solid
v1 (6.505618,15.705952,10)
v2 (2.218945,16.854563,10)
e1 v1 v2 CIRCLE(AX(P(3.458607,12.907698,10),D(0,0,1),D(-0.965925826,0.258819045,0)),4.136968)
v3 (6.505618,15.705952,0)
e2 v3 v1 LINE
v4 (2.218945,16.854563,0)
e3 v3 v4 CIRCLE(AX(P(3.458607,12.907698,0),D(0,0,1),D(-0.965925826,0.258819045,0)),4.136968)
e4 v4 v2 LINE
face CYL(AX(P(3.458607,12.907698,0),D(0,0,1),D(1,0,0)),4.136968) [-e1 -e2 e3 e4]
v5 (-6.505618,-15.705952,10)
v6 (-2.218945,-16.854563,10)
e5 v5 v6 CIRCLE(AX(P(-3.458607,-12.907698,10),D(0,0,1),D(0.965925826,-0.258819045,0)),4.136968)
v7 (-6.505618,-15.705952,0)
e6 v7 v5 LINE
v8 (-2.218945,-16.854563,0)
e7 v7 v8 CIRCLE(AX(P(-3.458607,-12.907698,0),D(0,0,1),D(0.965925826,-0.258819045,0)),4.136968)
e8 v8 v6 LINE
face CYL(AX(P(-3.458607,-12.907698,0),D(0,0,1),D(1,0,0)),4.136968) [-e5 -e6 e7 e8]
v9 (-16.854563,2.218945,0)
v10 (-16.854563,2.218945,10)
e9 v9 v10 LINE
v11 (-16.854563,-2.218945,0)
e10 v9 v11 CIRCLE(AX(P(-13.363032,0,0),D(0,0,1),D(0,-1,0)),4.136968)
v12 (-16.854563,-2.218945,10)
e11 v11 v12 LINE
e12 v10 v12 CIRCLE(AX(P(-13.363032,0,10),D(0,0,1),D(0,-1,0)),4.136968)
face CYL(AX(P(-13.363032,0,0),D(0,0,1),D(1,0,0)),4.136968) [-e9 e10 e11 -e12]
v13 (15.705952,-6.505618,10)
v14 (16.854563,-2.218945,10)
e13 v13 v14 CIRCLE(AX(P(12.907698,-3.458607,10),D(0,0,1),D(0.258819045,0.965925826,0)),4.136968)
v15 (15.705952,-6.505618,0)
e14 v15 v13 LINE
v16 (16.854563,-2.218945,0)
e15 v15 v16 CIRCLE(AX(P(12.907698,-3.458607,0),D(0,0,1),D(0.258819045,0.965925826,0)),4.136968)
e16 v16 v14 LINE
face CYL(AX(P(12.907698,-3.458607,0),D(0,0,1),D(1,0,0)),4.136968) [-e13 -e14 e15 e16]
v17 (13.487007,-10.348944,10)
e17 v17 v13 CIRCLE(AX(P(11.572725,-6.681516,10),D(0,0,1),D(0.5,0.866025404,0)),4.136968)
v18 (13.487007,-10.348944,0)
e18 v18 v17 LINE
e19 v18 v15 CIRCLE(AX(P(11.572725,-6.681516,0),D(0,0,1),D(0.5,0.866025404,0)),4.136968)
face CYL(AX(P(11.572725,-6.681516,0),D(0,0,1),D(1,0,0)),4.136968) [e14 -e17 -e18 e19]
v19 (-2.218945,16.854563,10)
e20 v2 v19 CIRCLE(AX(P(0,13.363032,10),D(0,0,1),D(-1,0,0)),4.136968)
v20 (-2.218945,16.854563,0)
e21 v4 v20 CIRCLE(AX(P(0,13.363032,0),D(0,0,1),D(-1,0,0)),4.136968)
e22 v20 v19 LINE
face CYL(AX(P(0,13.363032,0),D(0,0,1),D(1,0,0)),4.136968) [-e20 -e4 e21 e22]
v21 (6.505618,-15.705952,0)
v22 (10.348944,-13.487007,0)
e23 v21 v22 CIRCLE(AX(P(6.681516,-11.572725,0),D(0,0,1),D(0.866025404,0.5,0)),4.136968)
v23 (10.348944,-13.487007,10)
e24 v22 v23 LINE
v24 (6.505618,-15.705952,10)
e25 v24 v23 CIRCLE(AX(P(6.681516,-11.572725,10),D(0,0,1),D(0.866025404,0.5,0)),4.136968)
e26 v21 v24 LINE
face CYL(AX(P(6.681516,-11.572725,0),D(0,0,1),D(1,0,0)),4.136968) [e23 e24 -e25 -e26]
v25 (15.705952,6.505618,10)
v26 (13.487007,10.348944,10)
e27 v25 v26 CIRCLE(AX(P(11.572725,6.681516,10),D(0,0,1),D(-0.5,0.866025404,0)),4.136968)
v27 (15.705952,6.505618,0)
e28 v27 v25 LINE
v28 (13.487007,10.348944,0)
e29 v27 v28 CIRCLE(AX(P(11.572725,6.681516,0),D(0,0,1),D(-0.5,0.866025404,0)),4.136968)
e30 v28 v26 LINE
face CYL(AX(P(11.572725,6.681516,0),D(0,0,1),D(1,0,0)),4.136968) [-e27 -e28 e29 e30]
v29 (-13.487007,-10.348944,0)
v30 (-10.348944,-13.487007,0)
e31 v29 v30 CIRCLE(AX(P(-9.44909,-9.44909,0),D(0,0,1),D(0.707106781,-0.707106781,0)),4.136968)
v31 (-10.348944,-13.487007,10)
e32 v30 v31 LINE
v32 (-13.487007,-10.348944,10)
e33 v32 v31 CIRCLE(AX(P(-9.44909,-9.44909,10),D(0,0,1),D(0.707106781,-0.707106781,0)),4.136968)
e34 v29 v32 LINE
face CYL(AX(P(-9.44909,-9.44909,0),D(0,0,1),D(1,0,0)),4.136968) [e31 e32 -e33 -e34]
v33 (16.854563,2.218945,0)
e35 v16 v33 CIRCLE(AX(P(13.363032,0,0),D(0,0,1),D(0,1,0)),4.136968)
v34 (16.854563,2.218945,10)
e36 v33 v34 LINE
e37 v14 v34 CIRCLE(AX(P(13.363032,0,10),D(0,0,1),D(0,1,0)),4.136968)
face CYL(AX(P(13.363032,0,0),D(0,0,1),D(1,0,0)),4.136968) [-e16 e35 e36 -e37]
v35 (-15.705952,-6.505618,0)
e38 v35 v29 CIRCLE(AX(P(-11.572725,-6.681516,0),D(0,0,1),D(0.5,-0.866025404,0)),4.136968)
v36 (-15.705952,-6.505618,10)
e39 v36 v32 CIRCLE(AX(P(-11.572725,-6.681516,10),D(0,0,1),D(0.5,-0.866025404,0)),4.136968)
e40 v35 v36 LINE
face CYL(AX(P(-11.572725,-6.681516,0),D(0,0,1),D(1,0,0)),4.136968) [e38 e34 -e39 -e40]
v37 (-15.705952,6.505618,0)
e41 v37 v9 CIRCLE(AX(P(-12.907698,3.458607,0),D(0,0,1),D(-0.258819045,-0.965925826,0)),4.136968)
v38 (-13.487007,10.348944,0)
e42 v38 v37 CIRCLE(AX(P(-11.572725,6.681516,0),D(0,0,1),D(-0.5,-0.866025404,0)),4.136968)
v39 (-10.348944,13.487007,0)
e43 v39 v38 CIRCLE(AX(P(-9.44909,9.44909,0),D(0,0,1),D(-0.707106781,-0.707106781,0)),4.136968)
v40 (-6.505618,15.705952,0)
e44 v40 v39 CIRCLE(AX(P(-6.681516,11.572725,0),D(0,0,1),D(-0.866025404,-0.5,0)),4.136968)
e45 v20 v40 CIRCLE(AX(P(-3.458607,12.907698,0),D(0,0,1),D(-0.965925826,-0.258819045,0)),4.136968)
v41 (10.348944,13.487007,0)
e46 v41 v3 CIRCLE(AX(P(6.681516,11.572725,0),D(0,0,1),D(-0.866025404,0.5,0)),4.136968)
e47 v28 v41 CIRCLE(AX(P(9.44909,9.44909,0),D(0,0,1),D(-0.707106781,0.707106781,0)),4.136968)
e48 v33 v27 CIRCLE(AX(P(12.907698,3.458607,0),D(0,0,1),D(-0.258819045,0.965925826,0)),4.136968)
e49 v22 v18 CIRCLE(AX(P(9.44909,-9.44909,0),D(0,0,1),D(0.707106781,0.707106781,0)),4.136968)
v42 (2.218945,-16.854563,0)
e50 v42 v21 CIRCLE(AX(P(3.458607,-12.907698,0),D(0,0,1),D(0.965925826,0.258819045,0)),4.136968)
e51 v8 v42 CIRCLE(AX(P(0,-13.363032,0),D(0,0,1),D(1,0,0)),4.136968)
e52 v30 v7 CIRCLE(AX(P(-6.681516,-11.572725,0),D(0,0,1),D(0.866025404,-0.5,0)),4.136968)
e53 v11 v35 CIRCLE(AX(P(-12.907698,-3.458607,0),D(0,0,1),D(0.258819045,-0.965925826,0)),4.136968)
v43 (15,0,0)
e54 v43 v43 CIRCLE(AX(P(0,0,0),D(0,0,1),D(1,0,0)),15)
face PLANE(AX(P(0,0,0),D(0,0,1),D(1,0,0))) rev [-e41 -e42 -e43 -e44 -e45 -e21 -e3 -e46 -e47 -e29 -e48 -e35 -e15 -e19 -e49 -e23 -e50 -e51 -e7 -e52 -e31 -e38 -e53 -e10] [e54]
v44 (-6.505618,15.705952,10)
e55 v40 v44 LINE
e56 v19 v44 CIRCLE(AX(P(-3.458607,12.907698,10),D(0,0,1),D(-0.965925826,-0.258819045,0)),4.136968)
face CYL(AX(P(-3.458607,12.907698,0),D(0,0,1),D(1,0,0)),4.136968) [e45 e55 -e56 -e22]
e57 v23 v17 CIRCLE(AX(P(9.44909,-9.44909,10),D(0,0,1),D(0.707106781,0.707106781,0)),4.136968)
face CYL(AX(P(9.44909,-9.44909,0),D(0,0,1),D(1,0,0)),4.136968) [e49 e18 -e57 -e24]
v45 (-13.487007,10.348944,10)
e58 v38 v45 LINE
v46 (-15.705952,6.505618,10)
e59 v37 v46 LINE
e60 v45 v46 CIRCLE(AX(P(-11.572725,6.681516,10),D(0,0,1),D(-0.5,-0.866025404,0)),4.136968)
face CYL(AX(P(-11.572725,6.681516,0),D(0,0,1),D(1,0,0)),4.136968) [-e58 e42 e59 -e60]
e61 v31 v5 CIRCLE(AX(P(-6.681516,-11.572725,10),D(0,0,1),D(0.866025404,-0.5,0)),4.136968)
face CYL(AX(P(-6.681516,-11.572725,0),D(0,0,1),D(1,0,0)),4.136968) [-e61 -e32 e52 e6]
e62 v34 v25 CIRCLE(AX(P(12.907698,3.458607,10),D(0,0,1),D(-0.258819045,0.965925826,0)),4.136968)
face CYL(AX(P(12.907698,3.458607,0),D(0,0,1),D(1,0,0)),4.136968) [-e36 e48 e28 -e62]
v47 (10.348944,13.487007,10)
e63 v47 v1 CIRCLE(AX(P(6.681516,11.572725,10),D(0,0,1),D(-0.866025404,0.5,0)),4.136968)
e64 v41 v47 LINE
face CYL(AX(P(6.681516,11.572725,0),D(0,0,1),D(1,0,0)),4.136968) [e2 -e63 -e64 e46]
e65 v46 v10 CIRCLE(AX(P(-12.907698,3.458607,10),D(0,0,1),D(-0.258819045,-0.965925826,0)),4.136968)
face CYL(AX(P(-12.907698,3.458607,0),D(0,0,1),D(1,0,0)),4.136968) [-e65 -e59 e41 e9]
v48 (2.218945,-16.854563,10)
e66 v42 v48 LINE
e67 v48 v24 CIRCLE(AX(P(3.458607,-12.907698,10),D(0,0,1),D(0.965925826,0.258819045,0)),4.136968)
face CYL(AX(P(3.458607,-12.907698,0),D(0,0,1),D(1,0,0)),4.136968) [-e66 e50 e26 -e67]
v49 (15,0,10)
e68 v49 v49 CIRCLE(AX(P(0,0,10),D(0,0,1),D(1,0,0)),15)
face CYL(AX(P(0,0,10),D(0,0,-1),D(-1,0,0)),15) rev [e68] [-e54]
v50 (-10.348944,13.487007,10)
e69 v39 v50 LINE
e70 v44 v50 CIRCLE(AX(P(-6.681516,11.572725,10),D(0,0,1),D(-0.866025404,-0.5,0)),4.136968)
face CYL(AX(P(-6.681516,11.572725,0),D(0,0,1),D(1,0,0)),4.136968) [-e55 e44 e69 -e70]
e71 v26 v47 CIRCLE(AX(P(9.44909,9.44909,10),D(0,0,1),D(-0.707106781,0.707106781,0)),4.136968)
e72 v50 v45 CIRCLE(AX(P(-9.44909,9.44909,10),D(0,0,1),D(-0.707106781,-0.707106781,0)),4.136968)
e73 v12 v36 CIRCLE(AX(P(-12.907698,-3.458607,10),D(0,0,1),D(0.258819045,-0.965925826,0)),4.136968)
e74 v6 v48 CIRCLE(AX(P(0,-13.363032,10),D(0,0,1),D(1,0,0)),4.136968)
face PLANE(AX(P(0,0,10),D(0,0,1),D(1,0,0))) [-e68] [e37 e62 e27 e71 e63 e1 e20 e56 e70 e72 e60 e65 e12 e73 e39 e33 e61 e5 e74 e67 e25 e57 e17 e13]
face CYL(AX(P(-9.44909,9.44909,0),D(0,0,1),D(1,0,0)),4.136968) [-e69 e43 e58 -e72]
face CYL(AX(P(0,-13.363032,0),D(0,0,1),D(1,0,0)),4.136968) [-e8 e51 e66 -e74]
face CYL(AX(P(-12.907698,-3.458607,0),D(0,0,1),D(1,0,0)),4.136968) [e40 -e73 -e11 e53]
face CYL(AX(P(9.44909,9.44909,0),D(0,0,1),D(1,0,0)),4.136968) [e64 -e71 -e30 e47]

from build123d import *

# Parameters (mm, degrees)
SKETCH1_R           = 17
SKETCH1_R_2         = 15
BOSS_EXTRUDE1_DEPTH = 10
BOSS_EXTRUDE2_START = -10
BOSS_EXTRUDE2_DEPTH = 10
CIRPATTERN1_COUNT   = 24


with BuildPart() as part:
    # Sketch1 → Boss-Extrude1 (new body)
    with BuildSketch(Plane.XY):
        Circle(SKETCH1_R)
        Circle(SKETCH1_R_2, mode=Mode.SUBTRACT)
    extrude(amount=BOSS_EXTRUDE1_DEPTH)

    # Sketch2 → Boss-Extrude2 (add)
    with BuildSketch(Plane.XY.offset(10).offset(BOSS_EXTRUDE2_START)):
        with BuildLine():
            ThreePointArc((-2.218945268, 16.854562643), (0, 17.5), (2.218945268, 16.854562643))
            ThreePointArc((2.218945268, 16.854562643), (0, 17), (-2.218945268, 16.854562643))
        make_face()
    boss_extrude2 = extrude(amount=BOSS_EXTRUDE2_DEPTH)

    # CirPattern1: Boss-Extrude2 ×24 about axis
    cirpattern1_axis = Axis((0, 0, 0), (0, 0, 1))
    for i in range(1, CIRPATTERN1_COUNT):
        add(boss_extrude2.rotate(cirpattern1_axis, i * 360 / CIRPATTERN1_COUNT))


solid = part.part
